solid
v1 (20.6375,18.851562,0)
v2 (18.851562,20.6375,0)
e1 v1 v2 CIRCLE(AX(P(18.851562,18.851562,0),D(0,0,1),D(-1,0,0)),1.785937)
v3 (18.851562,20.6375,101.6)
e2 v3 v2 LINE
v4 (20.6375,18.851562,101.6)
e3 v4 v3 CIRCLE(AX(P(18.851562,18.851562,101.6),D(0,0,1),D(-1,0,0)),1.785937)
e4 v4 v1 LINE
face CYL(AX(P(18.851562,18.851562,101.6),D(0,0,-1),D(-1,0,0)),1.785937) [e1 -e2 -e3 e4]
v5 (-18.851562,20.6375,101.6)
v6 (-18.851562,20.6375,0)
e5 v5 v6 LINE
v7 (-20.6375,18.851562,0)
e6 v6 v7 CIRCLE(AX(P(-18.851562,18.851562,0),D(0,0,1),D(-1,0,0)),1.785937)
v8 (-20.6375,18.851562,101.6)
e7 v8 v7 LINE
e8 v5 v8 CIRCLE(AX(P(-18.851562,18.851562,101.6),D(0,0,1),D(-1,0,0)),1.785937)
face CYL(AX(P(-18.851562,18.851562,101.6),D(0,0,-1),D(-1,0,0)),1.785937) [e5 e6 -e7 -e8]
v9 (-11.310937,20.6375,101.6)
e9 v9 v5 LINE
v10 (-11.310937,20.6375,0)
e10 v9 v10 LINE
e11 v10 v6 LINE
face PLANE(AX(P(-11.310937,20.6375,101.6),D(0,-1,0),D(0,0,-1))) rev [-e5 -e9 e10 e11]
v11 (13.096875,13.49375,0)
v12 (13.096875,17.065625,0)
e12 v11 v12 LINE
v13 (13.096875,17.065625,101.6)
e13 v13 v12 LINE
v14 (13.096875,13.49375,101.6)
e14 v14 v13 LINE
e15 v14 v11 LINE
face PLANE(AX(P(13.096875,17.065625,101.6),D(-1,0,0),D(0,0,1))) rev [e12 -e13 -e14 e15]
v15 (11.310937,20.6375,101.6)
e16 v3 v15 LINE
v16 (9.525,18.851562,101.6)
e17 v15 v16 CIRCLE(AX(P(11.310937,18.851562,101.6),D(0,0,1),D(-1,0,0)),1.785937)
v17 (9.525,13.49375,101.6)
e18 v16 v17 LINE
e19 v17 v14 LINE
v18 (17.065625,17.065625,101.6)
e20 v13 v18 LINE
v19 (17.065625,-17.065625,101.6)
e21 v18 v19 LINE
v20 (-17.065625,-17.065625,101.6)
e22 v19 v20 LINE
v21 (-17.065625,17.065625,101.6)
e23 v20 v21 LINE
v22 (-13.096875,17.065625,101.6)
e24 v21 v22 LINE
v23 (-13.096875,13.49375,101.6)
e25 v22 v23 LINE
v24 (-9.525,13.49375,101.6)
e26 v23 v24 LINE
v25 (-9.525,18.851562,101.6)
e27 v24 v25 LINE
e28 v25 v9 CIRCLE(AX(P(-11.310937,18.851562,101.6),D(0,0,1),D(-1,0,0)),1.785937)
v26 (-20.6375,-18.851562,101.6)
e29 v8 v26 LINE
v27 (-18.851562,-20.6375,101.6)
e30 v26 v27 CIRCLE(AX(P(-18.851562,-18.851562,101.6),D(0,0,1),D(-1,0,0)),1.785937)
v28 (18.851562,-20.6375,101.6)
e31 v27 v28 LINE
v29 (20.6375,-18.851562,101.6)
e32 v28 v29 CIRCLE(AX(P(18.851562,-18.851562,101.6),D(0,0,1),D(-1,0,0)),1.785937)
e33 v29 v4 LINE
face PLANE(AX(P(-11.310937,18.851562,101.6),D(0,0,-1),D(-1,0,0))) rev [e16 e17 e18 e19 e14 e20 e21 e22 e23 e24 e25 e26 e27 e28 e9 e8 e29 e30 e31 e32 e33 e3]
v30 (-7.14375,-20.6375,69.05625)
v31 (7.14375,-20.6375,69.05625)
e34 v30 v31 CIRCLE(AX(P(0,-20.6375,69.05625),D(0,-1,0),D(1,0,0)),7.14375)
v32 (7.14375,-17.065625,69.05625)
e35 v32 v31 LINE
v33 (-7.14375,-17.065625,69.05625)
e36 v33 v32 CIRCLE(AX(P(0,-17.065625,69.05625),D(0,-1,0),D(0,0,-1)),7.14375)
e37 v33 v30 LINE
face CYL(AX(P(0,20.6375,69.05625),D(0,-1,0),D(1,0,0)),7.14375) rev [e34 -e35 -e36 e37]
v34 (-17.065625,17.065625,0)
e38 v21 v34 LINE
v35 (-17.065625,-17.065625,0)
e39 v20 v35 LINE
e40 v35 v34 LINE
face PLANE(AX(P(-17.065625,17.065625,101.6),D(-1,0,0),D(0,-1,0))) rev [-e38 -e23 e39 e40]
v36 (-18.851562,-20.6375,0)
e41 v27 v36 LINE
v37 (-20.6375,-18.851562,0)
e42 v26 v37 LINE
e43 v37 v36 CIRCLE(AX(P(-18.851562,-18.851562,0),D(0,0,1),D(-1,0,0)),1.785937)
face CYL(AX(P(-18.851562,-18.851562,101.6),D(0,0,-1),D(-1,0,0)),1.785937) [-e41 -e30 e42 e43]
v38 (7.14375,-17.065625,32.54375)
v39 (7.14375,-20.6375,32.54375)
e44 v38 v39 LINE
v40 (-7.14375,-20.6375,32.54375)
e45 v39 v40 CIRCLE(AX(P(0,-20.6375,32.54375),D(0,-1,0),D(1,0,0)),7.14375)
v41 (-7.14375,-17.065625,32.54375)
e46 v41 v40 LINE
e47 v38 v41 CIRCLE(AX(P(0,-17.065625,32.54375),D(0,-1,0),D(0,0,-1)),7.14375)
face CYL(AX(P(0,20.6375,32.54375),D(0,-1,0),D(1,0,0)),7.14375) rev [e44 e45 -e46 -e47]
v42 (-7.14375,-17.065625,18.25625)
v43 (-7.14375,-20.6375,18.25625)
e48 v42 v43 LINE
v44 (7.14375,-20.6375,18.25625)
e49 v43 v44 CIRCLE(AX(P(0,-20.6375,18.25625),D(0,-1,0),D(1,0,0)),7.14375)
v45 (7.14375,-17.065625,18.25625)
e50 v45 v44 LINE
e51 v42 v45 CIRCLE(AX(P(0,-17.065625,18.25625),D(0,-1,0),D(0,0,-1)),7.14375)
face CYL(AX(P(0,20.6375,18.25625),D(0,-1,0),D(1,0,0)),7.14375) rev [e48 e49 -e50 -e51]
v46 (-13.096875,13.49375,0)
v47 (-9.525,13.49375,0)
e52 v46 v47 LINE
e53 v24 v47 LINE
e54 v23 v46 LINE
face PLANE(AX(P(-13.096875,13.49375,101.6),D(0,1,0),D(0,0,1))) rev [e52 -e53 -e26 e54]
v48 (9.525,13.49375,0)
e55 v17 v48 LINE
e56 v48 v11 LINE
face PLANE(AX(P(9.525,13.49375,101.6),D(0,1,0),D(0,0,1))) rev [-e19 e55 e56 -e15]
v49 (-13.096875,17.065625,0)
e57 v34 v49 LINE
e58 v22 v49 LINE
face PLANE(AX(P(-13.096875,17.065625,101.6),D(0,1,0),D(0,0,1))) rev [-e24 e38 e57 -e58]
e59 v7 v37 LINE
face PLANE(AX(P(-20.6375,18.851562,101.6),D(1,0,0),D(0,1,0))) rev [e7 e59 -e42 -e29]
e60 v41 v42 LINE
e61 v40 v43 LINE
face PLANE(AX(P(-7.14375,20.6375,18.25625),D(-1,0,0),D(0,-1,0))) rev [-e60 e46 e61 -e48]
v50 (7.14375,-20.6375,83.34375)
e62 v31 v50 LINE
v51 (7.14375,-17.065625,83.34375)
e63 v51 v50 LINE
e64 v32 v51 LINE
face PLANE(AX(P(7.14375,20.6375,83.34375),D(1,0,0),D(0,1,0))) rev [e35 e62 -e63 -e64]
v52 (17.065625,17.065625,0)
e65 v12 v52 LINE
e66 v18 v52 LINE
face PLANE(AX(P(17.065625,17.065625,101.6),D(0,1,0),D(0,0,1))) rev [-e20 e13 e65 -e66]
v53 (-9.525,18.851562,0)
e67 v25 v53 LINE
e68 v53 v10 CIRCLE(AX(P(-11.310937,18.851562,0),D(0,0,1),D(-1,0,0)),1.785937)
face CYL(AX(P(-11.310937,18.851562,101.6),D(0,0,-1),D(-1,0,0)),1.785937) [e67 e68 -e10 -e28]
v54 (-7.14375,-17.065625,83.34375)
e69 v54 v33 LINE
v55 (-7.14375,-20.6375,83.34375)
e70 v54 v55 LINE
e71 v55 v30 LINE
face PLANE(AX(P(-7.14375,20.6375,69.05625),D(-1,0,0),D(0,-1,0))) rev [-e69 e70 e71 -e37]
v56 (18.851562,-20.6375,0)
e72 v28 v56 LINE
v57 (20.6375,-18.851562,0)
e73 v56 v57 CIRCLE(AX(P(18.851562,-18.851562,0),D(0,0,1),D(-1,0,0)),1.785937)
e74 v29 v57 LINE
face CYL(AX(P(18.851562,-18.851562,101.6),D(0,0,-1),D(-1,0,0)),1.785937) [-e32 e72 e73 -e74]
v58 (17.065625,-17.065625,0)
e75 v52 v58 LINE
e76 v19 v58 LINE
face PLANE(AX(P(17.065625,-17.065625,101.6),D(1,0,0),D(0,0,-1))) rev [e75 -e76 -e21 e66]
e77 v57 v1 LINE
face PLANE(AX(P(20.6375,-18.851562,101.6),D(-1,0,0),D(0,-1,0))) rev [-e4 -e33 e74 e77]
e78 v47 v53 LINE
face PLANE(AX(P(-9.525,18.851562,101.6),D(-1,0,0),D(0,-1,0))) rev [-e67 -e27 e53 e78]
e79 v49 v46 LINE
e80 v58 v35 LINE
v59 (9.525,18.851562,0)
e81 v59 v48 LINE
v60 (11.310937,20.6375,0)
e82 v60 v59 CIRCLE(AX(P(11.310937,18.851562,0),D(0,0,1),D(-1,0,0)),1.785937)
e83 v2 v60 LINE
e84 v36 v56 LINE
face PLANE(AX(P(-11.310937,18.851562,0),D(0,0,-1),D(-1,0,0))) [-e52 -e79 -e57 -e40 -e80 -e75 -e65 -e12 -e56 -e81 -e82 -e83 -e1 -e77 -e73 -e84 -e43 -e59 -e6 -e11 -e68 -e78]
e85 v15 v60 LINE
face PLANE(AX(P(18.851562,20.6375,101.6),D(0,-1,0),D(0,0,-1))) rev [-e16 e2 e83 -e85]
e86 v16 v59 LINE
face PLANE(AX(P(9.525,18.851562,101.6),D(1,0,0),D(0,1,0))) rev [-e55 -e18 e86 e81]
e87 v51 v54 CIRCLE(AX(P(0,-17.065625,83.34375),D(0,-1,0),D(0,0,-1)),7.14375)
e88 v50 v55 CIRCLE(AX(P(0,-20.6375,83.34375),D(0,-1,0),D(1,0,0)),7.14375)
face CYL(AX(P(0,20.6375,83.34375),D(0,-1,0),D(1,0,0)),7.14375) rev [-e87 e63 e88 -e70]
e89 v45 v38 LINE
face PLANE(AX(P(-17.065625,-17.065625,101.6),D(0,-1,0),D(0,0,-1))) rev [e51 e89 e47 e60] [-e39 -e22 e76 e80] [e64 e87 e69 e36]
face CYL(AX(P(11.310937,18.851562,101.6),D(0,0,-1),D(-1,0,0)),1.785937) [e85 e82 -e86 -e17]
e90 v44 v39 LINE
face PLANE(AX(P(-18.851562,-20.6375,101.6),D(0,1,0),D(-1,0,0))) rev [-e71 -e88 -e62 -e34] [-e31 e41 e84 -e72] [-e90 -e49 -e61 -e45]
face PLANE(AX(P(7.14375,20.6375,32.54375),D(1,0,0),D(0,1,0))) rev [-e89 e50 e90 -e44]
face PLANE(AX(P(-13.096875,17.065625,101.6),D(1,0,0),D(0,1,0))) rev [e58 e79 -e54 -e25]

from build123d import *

# Parameters (mm, degrees)
BASE_EXTRUDE_DEPTH = 101.6
SLOT_DEPTH         = 112.588942245
LPATTERN1_COUNT    = 2
LPATTERN1_PITCH    = 50.8


with BuildPart() as part:
    # Sketch1 → Base-Extrude (new body)
    with BuildSketch(Plane.XY):
        with BuildLine():
            Line((-11.3109375, 20.6375), (-18.8515625, 20.6375))
            ThreePointArc((-18.8515625, 20.6375), (-20.114411017, 20.114411017), (-20.6375, 18.8515625))
            Line((-20.6375, 18.8515625), (-20.6375, -18.8515625))
            ThreePointArc((-20.6375, -18.8515625), (-20.114411017, -20.114411017), (-18.8515625, -20.6375))
            Line((-18.8515625, -20.6375), (18.8515625, -20.6375))
            ThreePointArc((18.8515625, -20.6375), (20.114411017, -20.114411017), (20.6375, -18.8515625))
            Line((20.6375, -18.8515625), (20.6375, 18.8515625))
            ThreePointArc((20.6375, 18.8515625), (20.114411017, 20.114411017), (18.8515625, 20.6375))
            Line((18.8515625, 20.6375), (11.3109375, 20.6375))
            ThreePointArc((11.3109375, 20.6375), (10.048088983, 20.114411017), (9.525, 18.8515625))
            Line((9.525, 18.8515625), (9.525, 13.49375))
            Line((9.525, 13.49375), (13.096875, 13.49375))
            Line((13.096875, 13.49375), (13.096875, 17.065625))
            Line((13.096875, 17.065625), (17.065625, 17.065625))
            Line((17.065625, 17.065625), (17.065625, -17.065625))
            Line((17.065625, -17.065625), (-17.065625, -17.065625))
            Line((-17.065625, -17.065625), (-17.065625, 17.065625))
            Line((-17.065625, 17.065625), (-13.096875, 17.065625))
            Line((-13.096875, 17.065625), (-13.096875, 13.49375))
            Line((-13.096875, 13.49375), (-9.525, 13.49375))
            Line((-9.525, 13.49375), (-9.525, 18.8515625))
            ThreePointArc((-9.525, 18.8515625), (-10.048088983, 20.114411017), (-11.3109375, 20.6375))
        make_face()
    extrude(amount=BASE_EXTRUDE_DEPTH)

    # Sketch2 → Slot (cut, through all)
    with BuildSketch(Plane.XZ.offset(20.6375)):
        with BuildLine():
            Line((7.14375, 32.54375), (7.14375, 18.25625))
            ThreePointArc((7.14375, 18.25625), (0, 11.1125), (-7.14375, 18.25625))
            Line((-7.14375, 18.25625), (-7.14375, 32.54375))
            ThreePointArc((-7.14375, 32.54375), (0, 39.6875), (7.14375, 32.54375))
        make_face()
    slot = extrude(amount=-SLOT_DEPTH, mode=Mode.SUBTRACT)

    # LPattern1: Slot ×2
    with Locations(*[(0, 0, i * LPATTERN1_PITCH) for i in range(1, LPATTERN1_COUNT)]):
        add(slot, mode=Mode.SUBTRACT)


solid = part.part
